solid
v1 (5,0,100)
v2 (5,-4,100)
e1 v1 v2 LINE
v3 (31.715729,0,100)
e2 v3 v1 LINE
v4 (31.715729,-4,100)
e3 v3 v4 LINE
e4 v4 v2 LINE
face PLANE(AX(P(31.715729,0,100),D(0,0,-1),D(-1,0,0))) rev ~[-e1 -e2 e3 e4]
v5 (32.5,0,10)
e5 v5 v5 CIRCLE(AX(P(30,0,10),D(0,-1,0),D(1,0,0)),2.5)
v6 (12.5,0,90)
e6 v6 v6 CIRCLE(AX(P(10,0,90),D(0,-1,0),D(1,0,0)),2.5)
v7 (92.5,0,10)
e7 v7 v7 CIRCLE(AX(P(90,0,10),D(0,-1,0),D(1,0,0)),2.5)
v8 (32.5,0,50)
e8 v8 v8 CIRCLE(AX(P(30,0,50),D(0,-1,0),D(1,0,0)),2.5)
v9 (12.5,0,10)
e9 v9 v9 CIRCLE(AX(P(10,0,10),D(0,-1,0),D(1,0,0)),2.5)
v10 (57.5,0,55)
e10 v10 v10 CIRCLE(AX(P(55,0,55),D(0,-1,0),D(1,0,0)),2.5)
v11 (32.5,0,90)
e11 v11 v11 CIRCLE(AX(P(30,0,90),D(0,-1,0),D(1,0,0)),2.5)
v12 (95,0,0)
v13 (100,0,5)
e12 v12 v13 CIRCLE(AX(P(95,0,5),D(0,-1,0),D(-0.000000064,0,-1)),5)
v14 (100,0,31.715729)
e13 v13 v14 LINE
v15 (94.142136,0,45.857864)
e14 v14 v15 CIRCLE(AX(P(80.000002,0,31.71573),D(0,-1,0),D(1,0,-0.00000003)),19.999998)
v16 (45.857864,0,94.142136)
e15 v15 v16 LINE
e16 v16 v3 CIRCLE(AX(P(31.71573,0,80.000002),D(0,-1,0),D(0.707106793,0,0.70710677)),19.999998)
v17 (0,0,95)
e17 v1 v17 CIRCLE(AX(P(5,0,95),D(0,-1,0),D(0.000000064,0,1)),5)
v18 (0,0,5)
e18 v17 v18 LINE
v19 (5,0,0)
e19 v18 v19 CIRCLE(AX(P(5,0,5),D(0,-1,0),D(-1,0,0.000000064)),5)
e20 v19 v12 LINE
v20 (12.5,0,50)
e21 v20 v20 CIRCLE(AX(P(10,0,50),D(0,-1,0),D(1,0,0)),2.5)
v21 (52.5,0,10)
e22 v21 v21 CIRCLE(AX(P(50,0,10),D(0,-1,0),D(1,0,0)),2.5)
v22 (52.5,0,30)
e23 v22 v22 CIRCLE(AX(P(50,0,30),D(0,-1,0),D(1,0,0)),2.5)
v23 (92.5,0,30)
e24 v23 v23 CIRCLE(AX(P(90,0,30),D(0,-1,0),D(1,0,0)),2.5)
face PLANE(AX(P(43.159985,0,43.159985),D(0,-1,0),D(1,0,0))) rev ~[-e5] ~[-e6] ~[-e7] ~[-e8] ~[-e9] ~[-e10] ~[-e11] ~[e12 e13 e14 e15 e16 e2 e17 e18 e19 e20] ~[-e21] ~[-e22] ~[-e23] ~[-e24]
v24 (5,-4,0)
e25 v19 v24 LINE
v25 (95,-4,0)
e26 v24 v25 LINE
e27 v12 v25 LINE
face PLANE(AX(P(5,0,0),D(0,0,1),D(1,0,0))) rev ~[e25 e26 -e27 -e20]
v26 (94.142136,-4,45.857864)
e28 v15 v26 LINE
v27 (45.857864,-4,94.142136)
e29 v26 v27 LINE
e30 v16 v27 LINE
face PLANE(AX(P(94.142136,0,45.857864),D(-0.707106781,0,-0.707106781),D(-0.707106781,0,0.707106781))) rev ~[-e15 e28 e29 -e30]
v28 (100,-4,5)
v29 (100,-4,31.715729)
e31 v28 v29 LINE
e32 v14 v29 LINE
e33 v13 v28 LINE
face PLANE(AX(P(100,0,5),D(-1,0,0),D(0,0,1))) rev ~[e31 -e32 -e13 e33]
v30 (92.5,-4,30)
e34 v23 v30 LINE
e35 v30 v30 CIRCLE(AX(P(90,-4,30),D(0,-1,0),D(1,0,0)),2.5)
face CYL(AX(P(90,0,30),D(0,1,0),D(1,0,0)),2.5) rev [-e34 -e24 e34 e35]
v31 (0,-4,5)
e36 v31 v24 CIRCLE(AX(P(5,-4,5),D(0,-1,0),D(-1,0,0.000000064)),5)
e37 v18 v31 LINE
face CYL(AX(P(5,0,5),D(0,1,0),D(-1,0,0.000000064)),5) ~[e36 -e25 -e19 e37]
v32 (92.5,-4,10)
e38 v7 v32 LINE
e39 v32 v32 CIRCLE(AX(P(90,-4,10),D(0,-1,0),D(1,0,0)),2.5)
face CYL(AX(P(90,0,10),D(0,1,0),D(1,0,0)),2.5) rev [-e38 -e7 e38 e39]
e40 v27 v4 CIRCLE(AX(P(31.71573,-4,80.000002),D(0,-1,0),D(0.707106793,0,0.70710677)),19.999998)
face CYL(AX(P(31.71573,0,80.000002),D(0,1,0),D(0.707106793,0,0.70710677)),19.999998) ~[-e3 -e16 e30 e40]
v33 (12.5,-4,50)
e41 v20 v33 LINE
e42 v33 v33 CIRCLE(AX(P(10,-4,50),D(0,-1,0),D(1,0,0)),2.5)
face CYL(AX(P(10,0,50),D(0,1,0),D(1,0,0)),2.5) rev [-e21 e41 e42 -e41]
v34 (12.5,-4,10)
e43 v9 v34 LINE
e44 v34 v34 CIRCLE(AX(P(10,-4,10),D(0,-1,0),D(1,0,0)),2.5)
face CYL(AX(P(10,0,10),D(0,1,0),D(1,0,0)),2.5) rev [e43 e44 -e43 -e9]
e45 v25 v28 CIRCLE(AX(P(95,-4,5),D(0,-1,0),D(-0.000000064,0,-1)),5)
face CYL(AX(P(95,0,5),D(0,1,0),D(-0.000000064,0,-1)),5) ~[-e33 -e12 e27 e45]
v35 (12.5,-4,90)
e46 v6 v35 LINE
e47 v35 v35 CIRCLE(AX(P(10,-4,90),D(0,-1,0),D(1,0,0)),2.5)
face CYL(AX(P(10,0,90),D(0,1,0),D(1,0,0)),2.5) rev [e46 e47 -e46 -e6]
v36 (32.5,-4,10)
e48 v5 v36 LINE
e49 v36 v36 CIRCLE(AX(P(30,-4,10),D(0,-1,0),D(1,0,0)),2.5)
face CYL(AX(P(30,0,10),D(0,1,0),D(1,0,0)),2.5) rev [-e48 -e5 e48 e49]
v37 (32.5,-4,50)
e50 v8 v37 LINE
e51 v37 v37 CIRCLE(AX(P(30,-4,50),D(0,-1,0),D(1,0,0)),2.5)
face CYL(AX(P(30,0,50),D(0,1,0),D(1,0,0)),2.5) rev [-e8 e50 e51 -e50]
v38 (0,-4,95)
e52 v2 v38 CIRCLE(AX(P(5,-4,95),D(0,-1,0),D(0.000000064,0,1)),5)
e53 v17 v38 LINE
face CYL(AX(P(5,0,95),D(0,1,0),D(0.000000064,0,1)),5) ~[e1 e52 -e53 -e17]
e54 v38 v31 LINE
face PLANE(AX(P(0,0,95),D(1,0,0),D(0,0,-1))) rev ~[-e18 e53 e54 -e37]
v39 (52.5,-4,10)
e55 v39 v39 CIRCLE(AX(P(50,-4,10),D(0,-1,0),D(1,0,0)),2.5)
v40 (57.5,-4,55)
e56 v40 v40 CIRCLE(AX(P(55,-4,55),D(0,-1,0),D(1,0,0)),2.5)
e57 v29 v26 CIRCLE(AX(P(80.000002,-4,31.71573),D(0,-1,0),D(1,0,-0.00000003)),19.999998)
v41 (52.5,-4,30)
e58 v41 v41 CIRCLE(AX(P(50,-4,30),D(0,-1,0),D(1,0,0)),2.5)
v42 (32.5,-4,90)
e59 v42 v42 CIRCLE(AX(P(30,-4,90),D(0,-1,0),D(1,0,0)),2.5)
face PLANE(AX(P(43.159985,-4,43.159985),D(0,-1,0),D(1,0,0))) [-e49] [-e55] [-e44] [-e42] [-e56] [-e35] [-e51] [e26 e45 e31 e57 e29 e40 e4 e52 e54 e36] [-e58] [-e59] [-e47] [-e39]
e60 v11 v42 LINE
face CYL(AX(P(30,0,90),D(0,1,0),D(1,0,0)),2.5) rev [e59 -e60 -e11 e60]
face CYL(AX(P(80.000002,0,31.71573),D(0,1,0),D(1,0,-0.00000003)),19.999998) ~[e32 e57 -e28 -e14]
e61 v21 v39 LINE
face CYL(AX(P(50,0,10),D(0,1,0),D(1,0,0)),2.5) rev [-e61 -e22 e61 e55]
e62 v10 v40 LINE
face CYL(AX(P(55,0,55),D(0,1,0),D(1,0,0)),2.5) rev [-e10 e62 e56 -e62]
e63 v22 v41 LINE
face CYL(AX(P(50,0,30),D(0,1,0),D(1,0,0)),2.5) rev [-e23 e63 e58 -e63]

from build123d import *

# Parameters (mm, degrees)
F0_R     = 2.5
F1_DEPTH = 4


with BuildPart() as f1:
    # F0 (on Front) → F1 (new body)
    with BuildSketch(Plane.XZ):
        with BuildLine():
            Line((0, 95), (0, 5))
            ThreePointArc((0, 5), (1.464466, 1.464466), (5, 0))
            Line((5, 0), (95, 0))
            ThreePointArc((95, 0), (98.535534, 1.464466), (100, 5))
            Line((100, 5), (100, 31.715729))
            ThreePointArc((100, 31.715729), (98.477591, 39.369397), (94.142136, 45.857864))
            Line((94.142136, 45.857864), (45.857864, 94.142136))
            ThreePointArc((45.857864, 94.142136), (39.369397, 98.477591), (31.715729, 100))
            Line((31.715729, 100), (5, 100))
            ThreePointArc((5, 100), (1.464466, 98.535534), (0, 95))
        make_face()
        with Locations((10, 10)):
            Circle(F0_R, mode=Mode.SUBTRACT)
        with Locations((30, 10)):
            Circle(F0_R, mode=Mode.SUBTRACT)
        with Locations((50, 10)):
            Circle(F0_R, mode=Mode.SUBTRACT)
        with Locations((90, 10)):
            Circle(F0_R, mode=Mode.SUBTRACT)
        with Locations((50, 30)):
            Circle(F0_R, mode=Mode.SUBTRACT)
        with Locations((90, 30)):
            Circle(F0_R, mode=Mode.SUBTRACT)
        with Locations((10, 50)):
            Circle(F0_R, mode=Mode.SUBTRACT)
        with Locations((30, 50)):
            Circle(F0_R, mode=Mode.SUBTRACT)
        with Locations((10, 90)):
            Circle(F0_R, mode=Mode.SUBTRACT)
        with Locations((30, 90)):
            Circle(F0_R, mode=Mode.SUBTRACT)
        with Locations((55, 55)):
            Circle(F0_R, mode=Mode.SUBTRACT)
    extrude(amount=F1_DEPTH)


solid = f1.part
